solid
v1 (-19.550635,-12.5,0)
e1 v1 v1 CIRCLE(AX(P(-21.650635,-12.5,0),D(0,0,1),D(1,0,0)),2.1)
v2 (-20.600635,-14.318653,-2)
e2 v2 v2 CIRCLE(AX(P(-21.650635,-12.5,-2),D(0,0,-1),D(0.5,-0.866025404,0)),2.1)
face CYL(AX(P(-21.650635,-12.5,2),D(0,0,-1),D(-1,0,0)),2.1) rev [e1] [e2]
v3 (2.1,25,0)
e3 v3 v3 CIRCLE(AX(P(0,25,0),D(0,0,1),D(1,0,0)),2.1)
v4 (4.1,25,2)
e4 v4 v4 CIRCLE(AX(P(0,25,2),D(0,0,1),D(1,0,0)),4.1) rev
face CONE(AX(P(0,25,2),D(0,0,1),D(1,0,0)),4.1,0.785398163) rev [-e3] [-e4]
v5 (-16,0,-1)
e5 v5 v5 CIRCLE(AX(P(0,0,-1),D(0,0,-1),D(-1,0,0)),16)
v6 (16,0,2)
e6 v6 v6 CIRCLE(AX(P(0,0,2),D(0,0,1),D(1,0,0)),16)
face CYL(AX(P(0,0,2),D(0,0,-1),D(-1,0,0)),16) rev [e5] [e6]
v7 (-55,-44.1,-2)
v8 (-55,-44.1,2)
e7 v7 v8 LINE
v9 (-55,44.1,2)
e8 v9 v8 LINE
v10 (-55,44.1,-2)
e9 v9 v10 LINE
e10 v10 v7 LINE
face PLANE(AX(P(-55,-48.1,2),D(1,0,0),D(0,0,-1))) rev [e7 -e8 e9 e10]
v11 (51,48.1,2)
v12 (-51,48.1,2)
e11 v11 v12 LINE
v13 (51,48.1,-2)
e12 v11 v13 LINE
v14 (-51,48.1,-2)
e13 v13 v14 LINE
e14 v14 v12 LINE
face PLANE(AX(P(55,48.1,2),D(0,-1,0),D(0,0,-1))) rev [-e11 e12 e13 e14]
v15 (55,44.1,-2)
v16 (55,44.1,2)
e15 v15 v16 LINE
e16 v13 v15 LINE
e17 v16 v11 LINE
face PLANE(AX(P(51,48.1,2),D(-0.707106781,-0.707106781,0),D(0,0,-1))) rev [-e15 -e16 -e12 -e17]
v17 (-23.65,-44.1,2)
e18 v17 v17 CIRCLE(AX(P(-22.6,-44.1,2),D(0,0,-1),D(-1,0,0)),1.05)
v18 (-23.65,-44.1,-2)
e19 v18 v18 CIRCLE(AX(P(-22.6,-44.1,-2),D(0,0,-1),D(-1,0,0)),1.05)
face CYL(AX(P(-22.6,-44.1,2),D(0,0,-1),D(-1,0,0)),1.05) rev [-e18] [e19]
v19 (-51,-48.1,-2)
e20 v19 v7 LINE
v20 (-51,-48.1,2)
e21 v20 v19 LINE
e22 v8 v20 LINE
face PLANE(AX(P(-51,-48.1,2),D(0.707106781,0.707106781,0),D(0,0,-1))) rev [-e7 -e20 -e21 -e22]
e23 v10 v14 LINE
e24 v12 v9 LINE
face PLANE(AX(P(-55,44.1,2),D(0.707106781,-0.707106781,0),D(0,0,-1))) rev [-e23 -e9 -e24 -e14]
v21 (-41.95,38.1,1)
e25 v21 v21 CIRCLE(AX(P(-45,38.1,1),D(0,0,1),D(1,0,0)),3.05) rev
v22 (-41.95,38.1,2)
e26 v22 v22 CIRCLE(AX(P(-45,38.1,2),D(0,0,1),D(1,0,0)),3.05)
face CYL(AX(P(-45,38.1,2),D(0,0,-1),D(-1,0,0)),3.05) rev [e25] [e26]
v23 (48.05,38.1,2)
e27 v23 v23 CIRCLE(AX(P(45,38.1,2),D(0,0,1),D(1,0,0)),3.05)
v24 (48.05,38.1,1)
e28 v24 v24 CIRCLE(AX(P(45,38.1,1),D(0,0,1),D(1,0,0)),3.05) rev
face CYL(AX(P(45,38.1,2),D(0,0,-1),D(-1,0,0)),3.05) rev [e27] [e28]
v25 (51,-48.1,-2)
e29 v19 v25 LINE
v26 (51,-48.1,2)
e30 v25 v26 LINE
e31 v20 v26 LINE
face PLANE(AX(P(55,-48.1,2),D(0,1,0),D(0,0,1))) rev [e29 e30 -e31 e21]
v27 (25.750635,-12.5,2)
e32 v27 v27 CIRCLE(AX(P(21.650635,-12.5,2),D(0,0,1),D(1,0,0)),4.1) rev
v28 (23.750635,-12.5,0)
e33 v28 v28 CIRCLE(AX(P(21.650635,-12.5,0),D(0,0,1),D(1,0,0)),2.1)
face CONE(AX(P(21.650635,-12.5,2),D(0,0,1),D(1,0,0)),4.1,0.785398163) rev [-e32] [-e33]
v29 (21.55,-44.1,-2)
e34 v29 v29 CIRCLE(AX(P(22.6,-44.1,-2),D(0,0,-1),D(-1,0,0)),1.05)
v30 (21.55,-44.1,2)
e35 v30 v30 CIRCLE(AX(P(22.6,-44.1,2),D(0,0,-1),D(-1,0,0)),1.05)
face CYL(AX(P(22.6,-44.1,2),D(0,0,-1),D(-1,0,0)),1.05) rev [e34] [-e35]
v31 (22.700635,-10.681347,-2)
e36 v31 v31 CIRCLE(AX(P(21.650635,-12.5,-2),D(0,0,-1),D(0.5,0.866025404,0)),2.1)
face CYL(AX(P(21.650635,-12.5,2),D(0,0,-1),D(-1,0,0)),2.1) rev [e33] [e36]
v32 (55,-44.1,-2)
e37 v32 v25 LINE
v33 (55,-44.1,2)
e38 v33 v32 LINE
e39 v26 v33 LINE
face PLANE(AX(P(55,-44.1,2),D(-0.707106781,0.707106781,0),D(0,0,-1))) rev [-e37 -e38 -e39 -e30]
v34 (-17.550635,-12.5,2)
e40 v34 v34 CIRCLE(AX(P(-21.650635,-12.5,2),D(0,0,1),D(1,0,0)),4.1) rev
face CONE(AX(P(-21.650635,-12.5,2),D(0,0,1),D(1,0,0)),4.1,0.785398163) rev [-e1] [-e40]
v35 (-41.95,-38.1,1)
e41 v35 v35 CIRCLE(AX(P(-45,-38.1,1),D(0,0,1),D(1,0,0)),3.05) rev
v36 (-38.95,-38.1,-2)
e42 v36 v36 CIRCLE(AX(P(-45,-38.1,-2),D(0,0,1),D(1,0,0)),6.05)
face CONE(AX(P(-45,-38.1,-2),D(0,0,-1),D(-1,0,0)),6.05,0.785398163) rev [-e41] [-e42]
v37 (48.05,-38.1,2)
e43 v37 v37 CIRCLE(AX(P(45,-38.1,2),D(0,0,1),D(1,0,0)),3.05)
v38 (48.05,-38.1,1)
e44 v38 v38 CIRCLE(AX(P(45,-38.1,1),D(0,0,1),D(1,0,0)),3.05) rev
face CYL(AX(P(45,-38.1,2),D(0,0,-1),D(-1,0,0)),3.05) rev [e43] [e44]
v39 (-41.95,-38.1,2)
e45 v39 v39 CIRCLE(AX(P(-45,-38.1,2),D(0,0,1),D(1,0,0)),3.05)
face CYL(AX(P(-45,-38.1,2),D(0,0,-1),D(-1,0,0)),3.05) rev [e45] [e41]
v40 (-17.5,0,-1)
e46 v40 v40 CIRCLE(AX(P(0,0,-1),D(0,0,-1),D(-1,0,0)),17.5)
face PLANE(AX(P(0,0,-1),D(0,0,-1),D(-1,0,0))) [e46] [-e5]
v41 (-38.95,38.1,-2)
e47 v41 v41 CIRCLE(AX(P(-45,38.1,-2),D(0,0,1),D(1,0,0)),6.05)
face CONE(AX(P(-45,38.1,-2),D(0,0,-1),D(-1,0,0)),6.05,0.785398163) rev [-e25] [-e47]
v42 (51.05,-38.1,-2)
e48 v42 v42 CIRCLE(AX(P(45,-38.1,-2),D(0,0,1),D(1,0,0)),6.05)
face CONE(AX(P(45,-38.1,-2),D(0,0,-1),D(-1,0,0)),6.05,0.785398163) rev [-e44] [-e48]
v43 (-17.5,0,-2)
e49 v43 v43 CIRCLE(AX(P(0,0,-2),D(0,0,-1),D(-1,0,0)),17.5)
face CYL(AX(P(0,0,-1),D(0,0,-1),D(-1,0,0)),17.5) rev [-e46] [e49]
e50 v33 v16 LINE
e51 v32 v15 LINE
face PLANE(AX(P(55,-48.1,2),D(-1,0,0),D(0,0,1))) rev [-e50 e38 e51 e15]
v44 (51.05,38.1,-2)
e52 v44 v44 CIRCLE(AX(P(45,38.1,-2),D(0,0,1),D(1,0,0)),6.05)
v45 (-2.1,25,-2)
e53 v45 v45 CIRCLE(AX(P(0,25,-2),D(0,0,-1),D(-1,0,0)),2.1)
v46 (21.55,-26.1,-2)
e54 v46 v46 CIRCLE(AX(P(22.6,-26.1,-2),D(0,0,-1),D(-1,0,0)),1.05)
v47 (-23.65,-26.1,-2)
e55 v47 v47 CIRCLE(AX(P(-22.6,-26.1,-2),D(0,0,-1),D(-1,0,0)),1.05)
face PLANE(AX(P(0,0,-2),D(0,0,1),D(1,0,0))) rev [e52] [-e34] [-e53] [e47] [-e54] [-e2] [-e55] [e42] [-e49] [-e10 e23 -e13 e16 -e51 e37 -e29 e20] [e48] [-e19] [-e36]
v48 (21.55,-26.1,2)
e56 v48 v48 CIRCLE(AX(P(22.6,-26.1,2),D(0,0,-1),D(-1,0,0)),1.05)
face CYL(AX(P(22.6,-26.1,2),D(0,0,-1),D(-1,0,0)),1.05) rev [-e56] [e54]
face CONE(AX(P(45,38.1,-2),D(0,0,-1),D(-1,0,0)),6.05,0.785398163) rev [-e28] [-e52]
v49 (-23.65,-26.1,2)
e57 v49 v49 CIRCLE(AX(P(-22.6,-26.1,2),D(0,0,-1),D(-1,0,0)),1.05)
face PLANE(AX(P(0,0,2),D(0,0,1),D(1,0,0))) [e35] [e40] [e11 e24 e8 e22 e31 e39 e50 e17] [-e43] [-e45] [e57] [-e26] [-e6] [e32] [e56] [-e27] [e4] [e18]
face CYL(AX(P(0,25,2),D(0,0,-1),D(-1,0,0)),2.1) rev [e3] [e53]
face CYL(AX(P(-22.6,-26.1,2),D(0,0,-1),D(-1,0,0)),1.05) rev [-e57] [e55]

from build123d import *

# Parameters (mm, degrees)
SKETCH_1_W               = 110
SKETCH_1_H               = 96.2
SKETCH_1_R               = 3.05
SKETCH_1_R_2             = 16
EXTRUDE_1_DEPTH          = 2
CHAMFER_1_SIZE           = 4
CHAMFER_2_SIZE           = 3
SKETCH_2_R               = 17.5
CUT_EXTRUDE_1_DEPTH      = 1
SKETCH_3_R               = 2.1
CUT_EXTRUDE_2_DEPTH      = 74.175200717
PATTERN_CIRCULAR_1_COUNT = 3
CHAMFER_3_SIZE           = 2
SKETCH_4_R               = 1.05
CUT_EXTRUDE_3_DEPTH      = 74.175200717


with BuildPart() as part:
    # 草图1 → 凸台-拉伸1 (new, symmetric)
    with BuildSketch(Plane.XY):
        Rectangle(SKETCH_1_W, SKETCH_1_H)
        with Locations((-45, 38.1)):
            Circle(SKETCH_1_R, mode=Mode.SUBTRACT)
        with Locations((-45, -38.1)):
            Circle(SKETCH_1_R, mode=Mode.SUBTRACT)
        with Locations((45, -38.1)):
            Circle(SKETCH_1_R, mode=Mode.SUBTRACT)
        with Locations((45, 38.1)):
            Circle(SKETCH_1_R, mode=Mode.SUBTRACT)
        Circle(SKETCH_1_R_2, mode=Mode.SUBTRACT)
    extrude(amount=EXTRUDE_1_DEPTH, both=True)

    # 倒角1
    chamfer_1_edges = [part.edges().sort_by_distance(p)[0] for p in [
        (-55, 48.1, 0),
        (55, 48.1, 0),
        (55, -48.1, 0),
        (-55, -48.1, 0),
    ]]
    chamfer(chamfer_1_edges, length=CHAMFER_1_SIZE)

    # 倒角2
    chamfer_2_edges = [part.edges().sort_by_distance(p)[0] for p in [
        (-48.05, 38.1, -2),
        (-48.05, -38.1, -2),
        (41.95, -38.1, -2),
        (41.95, 38.1, -2),
    ]]
    chamfer(chamfer_2_edges, length=CHAMFER_2_SIZE)

    # 草图2 → 切除-拉伸1 (cut)
    with BuildSketch(Plane(origin=(0, 0, -2), x_dir=(-1, 0, 0), z_dir=(0, 0, -1))):
        Circle(SKETCH_2_R)
    extrude(amount=-CUT_EXTRUDE_1_DEPTH, mode=Mode.SUBTRACT)

    # 草图3 → 切除-拉伸2 (cut, through all)
    with BuildSketch(Plane(origin=(0, 0, -2), x_dir=(-1, 0, 0), z_dir=(0, 0, -1))):
        with Locations((0, 25)):
            Circle(SKETCH_3_R)
    cut_extrude_2 = extrude(amount=-CUT_EXTRUDE_2_DEPTH, mode=Mode.SUBTRACT)

    # 阵列(圆周)1: 切除-拉伸2 ×3 about axis
    pattern_circular_1_axis = Axis((0, 0, 0), (0, 0, 1))
    for i in range(1, PATTERN_CIRCULAR_1_COUNT):
        add(cut_extrude_2.rotate(pattern_circular_1_axis, i * 360 / PATTERN_CIRCULAR_1_COUNT), mode=Mode.SUBTRACT)

    # 倒角3
    chamfer_3_edges = [part.edges().sort_by_distance(p)[0] for p in [
        (2.1, 25, 2),
        (-22.700635095, -10.681346652, 2),
        (20.600635095, -14.318653348, 2),
    ]]
    chamfer(chamfer_3_edges, length=CHAMFER_3_SIZE)

    # 草图4 → 切除-拉伸3 (cut, through all)
    with BuildSketch(Plane(origin=(0, 0, -2), x_dir=(-1, 0, 0), z_dir=(0, 0, -1))):
        with Locations((-22.6, -26.1)):
            Circle(SKETCH_4_R)
        with Locations((-22.6, -44.1)):
            Circle(SKETCH_4_R)
        with Locations((22.6, -26.1)):
            Circle(SKETCH_4_R)
        with Locations((22.6, -44.1)):
            Circle(SKETCH_4_R)
    extrude(amount=-CUT_EXTRUDE_3_DEPTH, mode=Mode.SUBTRACT)


solid = part.part
